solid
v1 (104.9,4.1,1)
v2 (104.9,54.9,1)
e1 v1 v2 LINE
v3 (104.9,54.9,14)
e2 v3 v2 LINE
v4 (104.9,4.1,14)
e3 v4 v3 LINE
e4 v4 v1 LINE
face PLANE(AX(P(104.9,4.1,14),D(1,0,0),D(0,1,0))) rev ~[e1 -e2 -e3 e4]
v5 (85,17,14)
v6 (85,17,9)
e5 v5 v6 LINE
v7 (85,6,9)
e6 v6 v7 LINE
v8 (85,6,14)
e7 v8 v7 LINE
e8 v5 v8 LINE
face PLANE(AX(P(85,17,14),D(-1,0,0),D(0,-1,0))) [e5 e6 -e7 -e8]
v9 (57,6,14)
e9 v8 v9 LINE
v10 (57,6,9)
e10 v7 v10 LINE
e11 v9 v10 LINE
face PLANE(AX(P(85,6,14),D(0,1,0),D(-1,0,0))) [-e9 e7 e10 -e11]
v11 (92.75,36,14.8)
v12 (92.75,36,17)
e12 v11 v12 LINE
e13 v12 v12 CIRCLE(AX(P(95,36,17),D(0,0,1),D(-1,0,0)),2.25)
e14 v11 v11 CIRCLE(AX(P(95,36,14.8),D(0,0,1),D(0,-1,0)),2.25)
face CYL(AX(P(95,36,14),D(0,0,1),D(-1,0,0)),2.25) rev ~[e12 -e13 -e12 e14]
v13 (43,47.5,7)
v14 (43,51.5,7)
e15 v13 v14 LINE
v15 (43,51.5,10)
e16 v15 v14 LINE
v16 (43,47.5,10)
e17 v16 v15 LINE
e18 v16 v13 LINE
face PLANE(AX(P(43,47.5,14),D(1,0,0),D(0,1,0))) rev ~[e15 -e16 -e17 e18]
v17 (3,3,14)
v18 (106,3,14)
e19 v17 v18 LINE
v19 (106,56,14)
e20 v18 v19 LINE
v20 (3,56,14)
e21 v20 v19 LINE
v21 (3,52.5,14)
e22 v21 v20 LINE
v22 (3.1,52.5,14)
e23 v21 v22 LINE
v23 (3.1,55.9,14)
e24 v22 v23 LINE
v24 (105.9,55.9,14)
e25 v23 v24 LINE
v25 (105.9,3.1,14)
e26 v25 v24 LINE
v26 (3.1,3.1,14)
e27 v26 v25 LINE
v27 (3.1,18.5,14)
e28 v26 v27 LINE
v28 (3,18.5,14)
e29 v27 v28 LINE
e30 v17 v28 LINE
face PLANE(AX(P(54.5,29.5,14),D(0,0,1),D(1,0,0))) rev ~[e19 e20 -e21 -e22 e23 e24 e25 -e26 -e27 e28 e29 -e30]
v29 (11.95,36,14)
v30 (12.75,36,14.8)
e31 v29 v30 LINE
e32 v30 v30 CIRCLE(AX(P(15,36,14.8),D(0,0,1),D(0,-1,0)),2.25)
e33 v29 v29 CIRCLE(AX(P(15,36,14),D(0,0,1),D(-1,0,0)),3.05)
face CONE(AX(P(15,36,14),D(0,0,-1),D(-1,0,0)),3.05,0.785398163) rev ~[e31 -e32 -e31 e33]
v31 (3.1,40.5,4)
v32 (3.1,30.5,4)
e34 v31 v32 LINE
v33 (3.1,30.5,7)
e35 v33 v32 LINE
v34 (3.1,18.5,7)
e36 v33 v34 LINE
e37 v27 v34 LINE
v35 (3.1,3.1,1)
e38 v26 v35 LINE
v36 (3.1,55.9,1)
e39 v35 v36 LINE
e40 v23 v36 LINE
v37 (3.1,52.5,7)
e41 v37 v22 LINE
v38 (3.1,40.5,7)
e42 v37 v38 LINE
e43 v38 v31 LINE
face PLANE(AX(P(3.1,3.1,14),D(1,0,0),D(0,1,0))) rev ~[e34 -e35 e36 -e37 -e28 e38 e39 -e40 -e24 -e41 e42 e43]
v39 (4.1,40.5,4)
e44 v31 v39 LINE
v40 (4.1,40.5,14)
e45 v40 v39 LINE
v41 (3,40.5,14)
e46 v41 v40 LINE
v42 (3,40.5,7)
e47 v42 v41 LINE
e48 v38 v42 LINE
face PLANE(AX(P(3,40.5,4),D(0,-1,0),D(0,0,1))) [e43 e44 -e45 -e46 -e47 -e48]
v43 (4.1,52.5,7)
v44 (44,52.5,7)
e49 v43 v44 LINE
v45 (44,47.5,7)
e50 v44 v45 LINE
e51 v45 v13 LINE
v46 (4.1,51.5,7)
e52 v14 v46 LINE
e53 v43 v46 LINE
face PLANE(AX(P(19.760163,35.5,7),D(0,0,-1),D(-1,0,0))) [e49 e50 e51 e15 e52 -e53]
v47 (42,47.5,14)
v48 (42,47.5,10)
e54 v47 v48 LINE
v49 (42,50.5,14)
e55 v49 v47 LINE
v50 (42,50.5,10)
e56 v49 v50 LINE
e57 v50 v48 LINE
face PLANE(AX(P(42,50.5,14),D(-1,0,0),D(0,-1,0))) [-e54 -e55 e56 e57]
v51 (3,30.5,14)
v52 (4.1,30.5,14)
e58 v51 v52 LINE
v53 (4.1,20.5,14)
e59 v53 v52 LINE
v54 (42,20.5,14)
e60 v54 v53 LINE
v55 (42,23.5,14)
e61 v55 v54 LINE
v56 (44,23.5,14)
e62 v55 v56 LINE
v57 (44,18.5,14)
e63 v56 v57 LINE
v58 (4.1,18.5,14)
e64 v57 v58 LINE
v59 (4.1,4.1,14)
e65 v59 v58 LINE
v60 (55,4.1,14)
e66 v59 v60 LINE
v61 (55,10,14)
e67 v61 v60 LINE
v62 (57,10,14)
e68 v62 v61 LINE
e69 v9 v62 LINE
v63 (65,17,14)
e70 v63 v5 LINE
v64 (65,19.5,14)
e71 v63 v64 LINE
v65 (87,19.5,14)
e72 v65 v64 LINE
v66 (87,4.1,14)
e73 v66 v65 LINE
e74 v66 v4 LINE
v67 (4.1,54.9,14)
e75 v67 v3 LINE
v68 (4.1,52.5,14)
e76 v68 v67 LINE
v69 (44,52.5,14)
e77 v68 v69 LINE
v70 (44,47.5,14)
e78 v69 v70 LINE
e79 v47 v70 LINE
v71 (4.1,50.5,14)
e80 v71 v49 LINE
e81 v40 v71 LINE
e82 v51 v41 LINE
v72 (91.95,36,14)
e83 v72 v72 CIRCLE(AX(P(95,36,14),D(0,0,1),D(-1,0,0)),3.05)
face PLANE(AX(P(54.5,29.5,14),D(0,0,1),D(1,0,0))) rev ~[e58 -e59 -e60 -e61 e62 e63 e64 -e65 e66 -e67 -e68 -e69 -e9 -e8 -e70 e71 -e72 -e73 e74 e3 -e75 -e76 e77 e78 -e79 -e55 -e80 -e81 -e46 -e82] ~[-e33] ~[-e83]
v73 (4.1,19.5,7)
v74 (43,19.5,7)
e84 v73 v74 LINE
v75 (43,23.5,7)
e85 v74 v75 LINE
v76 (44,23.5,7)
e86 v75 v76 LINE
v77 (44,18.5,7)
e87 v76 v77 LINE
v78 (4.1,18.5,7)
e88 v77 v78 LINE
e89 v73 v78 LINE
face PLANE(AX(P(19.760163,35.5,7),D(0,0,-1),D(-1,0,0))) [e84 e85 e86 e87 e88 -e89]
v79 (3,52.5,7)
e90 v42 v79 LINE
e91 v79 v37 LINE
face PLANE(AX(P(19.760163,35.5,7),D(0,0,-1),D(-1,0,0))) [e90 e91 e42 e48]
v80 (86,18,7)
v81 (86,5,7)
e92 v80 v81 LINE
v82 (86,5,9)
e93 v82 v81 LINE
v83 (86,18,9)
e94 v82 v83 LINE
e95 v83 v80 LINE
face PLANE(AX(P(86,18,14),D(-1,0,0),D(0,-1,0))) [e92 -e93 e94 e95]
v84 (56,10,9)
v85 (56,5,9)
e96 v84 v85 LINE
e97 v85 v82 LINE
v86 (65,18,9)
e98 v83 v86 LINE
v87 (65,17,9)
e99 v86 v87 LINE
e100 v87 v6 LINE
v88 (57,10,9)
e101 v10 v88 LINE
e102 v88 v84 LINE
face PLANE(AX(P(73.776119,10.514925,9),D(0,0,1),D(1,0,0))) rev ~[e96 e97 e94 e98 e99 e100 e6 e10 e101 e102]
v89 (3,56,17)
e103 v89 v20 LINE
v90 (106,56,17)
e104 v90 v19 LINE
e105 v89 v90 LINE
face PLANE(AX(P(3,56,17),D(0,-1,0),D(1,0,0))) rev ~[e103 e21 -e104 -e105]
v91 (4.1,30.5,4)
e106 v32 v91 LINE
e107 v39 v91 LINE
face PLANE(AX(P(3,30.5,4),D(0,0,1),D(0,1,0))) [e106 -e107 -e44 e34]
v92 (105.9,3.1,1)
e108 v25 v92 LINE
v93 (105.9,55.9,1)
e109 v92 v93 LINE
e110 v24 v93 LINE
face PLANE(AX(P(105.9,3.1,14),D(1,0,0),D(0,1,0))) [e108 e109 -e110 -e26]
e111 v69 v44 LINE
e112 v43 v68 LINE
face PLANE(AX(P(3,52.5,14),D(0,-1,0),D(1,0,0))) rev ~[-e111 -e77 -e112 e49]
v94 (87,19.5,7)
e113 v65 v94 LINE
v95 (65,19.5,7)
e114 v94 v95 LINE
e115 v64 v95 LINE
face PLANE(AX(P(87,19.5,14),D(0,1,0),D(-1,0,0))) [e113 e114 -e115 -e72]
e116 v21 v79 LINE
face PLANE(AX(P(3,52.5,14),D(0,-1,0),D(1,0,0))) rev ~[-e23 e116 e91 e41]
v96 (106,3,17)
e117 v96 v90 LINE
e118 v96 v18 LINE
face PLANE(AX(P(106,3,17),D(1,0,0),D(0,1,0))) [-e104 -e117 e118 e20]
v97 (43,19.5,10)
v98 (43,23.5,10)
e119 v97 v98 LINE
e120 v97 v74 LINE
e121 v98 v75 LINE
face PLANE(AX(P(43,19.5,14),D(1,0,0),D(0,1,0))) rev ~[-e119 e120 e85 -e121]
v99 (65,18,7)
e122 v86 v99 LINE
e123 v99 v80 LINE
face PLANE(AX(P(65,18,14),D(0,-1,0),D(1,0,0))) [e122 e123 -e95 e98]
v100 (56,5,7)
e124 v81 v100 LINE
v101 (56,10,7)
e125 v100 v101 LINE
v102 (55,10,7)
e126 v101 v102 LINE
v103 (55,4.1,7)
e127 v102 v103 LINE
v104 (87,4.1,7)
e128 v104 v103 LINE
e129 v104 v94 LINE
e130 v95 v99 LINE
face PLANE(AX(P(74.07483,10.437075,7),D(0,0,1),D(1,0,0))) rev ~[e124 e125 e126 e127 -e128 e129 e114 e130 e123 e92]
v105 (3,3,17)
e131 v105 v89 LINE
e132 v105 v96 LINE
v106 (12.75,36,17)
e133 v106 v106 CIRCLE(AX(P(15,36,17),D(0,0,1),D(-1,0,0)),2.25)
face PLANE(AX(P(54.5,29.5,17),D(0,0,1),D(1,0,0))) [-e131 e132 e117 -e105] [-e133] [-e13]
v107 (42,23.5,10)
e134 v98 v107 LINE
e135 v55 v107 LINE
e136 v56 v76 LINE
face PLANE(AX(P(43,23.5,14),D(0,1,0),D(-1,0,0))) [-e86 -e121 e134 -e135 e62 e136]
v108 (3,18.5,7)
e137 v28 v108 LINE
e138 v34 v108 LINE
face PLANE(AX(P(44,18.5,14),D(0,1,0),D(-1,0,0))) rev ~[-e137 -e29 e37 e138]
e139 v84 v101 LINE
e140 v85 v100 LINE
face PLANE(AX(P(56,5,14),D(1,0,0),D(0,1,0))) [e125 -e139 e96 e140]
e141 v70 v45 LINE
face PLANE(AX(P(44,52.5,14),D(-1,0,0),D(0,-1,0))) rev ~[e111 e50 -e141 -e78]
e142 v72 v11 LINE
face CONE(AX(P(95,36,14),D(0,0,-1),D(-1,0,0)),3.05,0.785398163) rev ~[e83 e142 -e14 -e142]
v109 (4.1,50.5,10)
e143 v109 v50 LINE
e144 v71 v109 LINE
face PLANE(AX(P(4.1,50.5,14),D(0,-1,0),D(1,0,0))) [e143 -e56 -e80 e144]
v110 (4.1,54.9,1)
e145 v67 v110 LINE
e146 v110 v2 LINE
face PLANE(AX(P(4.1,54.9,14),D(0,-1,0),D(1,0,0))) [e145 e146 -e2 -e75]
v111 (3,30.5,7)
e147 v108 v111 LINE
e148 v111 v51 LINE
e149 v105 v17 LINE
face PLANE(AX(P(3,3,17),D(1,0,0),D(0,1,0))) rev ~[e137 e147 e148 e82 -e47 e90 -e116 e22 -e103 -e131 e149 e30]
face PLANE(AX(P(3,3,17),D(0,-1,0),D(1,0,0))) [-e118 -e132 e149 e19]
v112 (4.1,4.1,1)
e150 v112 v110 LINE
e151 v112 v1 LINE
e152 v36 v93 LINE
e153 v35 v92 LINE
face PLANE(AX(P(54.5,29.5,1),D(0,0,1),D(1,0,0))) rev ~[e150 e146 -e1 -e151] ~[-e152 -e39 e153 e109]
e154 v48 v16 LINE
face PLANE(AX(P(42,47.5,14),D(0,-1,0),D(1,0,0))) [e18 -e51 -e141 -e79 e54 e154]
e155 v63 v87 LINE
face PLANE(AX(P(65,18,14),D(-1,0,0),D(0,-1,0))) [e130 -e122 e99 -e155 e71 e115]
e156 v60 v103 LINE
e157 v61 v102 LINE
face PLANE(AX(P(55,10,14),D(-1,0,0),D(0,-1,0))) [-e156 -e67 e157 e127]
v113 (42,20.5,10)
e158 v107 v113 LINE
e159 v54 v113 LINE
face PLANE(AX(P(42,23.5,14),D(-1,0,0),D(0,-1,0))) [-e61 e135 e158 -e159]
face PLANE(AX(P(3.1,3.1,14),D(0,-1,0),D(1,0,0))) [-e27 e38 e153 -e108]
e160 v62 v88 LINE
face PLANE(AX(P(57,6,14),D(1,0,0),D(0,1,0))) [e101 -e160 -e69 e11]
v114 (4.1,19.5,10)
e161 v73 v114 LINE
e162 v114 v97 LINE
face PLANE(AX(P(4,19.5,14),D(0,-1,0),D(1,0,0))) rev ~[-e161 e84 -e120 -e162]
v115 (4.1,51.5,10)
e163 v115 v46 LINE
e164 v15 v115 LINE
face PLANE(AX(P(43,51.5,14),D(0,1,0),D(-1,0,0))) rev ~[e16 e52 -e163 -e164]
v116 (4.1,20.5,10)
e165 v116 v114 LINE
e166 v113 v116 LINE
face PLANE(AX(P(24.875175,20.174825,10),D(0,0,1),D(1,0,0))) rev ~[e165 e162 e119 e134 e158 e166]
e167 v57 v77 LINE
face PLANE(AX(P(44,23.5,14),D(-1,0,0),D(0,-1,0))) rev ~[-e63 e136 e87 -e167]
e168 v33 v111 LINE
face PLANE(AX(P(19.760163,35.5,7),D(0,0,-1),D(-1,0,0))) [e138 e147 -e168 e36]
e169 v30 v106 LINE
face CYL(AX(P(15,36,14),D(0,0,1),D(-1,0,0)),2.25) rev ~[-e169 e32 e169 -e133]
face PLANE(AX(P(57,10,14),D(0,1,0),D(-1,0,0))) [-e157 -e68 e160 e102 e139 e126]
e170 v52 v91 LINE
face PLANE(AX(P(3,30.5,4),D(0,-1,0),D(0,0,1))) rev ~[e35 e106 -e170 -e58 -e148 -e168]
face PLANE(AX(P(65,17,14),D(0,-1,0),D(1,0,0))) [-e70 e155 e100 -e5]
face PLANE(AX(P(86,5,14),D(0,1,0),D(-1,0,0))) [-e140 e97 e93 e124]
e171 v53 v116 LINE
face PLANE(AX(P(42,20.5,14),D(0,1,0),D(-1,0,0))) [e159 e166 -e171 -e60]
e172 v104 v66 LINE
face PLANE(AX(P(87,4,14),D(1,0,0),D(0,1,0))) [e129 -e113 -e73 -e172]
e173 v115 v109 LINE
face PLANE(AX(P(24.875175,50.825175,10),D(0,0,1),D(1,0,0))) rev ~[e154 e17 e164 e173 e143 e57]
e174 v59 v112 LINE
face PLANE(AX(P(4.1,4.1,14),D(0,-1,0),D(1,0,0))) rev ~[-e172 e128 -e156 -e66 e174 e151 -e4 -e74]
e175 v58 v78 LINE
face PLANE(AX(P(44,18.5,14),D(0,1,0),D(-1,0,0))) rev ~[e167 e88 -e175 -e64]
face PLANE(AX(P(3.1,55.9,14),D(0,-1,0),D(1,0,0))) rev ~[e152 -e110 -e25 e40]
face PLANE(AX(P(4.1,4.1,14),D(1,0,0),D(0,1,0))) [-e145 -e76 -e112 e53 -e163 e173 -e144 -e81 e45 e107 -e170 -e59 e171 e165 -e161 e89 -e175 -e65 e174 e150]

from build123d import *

# Parameters (mm, degrees)
SKETCH068_W         = 103
SKETCH068_H         = 53
PAD046_DEPTH        = 3
HOLE004_D           = 4.5
HOLE004_DEPTH       = 25
HOLE004_CSINK_D     = 6.1
HOLE004_CSINK_ANGLE = 90
PAD047_DEPTH        = 7
SKETCH071_W         = 102.8
SKETCH071_H         = 52.8
SKETCH071_W_2       = 100.8
SKETCH071_H_2       = 50.8
PAD048_DEPTH        = 13
PAD049_DEPTH        = 7
PAD050_DEPTH        = 5
PAD051_DEPTH        = 4
SKETCH076_W         = 10
SKETCH076_H         = 10
POCKET015_DEPTH     = 5


with BuildPart() as part:
    # Sketch068 → Pad046 (new body)
    with BuildSketch(Plane.XY):
        with Locations((51.5, 26.5)):
            Rectangle(SKETCH068_W, SKETCH068_H)
    extrude(amount=-PAD046_DEPTH)

    # Hole004
    with Locations(Plane(origin=(0, 0, -3), x_dir=(1, 0, 0), z_dir=(0, 0, -1))):
        with Locations((12, -33), (92, -33)):
            CounterSinkHole(HOLE004_D / 2, HOLE004_CSINK_D / 2, depth=HOLE004_DEPTH, counter_sink_angle=HOLE004_CSINK_ANGLE)

    # Sketch070 → Pad047 (join)
    with BuildSketch(Plane.XY.offset(-3)):
        Polygon((0, 49.5), (41, 49.5), (41, 44.5), (40, 44.5), (40, 48.5), (1, 48.5), (1, 16.5), (40, 16.5), (40, 20.5), (41, 20.5), (41, 15.5), (0, 15.5), align=None)
    extrude(amount=-PAD047_DEPTH)

    # Sketch071 → Pad048 (join)
    with BuildSketch(Plane.XY.offset(-3)):
        with Locations((51.5, 26.5)):
            Rectangle(SKETCH071_W, SKETCH071_H)
        with Locations((51.5, 26.5)):
            Rectangle(SKETCH071_W_2, SKETCH071_H_2, mode=Mode.SUBTRACT)
    extrude(amount=-PAD048_DEPTH)

    # Sketch073 → Pad049 (join)
    with BuildSketch(Plane.XY.offset(-3)):
        Polygon((52, 1), (84, 1), (84, 16.5), (62, 16.5), (62, 15), (83, 15), (83, 2), (53, 2), (53, 7), (52, 7), align=None)
    extrude(amount=-PAD049_DEPTH)

    # Sketch074 → Pad050 (join)
    with BuildSketch(Plane.XY.offset(-3)):
        Polygon((53, 7), (53, 2), (83, 2), (83, 15), (62, 15), (62, 14), (82, 14), (82, 3), (54, 3), (54, 7), align=None)
    extrude(amount=-PAD050_DEPTH)

    # Sketch075 → Pad051 (join)
    with BuildSketch(Plane.XY.offset(-3)):
        Polygon((40, 20.5), (39, 20.5), (39, 17.5), (1.1, 17.5), (1.1, 16.5), (40, 16.5), align=None)
        Polygon((40, 44.5), (40, 48.5), (1.1, 48.5), (1.1, 47.5), (39, 47.5), (39, 44.5), align=None)
    extrude(amount=-PAD051_DEPTH)

    # Sketch076 → Pocket015 (cut)
    with BuildSketch(Plane.YZ):
        with Locations((32.5, -8)):
            Rectangle(SKETCH076_W, SKETCH076_H)
    extrude(amount=POCKET015_DEPTH, mode=Mode.SUBTRACT)


with BuildPart() as part_1:
    # Body020 placement: moved
    add(part.part.moved(Location((3, 3, 17))))


solid = part_1.part
